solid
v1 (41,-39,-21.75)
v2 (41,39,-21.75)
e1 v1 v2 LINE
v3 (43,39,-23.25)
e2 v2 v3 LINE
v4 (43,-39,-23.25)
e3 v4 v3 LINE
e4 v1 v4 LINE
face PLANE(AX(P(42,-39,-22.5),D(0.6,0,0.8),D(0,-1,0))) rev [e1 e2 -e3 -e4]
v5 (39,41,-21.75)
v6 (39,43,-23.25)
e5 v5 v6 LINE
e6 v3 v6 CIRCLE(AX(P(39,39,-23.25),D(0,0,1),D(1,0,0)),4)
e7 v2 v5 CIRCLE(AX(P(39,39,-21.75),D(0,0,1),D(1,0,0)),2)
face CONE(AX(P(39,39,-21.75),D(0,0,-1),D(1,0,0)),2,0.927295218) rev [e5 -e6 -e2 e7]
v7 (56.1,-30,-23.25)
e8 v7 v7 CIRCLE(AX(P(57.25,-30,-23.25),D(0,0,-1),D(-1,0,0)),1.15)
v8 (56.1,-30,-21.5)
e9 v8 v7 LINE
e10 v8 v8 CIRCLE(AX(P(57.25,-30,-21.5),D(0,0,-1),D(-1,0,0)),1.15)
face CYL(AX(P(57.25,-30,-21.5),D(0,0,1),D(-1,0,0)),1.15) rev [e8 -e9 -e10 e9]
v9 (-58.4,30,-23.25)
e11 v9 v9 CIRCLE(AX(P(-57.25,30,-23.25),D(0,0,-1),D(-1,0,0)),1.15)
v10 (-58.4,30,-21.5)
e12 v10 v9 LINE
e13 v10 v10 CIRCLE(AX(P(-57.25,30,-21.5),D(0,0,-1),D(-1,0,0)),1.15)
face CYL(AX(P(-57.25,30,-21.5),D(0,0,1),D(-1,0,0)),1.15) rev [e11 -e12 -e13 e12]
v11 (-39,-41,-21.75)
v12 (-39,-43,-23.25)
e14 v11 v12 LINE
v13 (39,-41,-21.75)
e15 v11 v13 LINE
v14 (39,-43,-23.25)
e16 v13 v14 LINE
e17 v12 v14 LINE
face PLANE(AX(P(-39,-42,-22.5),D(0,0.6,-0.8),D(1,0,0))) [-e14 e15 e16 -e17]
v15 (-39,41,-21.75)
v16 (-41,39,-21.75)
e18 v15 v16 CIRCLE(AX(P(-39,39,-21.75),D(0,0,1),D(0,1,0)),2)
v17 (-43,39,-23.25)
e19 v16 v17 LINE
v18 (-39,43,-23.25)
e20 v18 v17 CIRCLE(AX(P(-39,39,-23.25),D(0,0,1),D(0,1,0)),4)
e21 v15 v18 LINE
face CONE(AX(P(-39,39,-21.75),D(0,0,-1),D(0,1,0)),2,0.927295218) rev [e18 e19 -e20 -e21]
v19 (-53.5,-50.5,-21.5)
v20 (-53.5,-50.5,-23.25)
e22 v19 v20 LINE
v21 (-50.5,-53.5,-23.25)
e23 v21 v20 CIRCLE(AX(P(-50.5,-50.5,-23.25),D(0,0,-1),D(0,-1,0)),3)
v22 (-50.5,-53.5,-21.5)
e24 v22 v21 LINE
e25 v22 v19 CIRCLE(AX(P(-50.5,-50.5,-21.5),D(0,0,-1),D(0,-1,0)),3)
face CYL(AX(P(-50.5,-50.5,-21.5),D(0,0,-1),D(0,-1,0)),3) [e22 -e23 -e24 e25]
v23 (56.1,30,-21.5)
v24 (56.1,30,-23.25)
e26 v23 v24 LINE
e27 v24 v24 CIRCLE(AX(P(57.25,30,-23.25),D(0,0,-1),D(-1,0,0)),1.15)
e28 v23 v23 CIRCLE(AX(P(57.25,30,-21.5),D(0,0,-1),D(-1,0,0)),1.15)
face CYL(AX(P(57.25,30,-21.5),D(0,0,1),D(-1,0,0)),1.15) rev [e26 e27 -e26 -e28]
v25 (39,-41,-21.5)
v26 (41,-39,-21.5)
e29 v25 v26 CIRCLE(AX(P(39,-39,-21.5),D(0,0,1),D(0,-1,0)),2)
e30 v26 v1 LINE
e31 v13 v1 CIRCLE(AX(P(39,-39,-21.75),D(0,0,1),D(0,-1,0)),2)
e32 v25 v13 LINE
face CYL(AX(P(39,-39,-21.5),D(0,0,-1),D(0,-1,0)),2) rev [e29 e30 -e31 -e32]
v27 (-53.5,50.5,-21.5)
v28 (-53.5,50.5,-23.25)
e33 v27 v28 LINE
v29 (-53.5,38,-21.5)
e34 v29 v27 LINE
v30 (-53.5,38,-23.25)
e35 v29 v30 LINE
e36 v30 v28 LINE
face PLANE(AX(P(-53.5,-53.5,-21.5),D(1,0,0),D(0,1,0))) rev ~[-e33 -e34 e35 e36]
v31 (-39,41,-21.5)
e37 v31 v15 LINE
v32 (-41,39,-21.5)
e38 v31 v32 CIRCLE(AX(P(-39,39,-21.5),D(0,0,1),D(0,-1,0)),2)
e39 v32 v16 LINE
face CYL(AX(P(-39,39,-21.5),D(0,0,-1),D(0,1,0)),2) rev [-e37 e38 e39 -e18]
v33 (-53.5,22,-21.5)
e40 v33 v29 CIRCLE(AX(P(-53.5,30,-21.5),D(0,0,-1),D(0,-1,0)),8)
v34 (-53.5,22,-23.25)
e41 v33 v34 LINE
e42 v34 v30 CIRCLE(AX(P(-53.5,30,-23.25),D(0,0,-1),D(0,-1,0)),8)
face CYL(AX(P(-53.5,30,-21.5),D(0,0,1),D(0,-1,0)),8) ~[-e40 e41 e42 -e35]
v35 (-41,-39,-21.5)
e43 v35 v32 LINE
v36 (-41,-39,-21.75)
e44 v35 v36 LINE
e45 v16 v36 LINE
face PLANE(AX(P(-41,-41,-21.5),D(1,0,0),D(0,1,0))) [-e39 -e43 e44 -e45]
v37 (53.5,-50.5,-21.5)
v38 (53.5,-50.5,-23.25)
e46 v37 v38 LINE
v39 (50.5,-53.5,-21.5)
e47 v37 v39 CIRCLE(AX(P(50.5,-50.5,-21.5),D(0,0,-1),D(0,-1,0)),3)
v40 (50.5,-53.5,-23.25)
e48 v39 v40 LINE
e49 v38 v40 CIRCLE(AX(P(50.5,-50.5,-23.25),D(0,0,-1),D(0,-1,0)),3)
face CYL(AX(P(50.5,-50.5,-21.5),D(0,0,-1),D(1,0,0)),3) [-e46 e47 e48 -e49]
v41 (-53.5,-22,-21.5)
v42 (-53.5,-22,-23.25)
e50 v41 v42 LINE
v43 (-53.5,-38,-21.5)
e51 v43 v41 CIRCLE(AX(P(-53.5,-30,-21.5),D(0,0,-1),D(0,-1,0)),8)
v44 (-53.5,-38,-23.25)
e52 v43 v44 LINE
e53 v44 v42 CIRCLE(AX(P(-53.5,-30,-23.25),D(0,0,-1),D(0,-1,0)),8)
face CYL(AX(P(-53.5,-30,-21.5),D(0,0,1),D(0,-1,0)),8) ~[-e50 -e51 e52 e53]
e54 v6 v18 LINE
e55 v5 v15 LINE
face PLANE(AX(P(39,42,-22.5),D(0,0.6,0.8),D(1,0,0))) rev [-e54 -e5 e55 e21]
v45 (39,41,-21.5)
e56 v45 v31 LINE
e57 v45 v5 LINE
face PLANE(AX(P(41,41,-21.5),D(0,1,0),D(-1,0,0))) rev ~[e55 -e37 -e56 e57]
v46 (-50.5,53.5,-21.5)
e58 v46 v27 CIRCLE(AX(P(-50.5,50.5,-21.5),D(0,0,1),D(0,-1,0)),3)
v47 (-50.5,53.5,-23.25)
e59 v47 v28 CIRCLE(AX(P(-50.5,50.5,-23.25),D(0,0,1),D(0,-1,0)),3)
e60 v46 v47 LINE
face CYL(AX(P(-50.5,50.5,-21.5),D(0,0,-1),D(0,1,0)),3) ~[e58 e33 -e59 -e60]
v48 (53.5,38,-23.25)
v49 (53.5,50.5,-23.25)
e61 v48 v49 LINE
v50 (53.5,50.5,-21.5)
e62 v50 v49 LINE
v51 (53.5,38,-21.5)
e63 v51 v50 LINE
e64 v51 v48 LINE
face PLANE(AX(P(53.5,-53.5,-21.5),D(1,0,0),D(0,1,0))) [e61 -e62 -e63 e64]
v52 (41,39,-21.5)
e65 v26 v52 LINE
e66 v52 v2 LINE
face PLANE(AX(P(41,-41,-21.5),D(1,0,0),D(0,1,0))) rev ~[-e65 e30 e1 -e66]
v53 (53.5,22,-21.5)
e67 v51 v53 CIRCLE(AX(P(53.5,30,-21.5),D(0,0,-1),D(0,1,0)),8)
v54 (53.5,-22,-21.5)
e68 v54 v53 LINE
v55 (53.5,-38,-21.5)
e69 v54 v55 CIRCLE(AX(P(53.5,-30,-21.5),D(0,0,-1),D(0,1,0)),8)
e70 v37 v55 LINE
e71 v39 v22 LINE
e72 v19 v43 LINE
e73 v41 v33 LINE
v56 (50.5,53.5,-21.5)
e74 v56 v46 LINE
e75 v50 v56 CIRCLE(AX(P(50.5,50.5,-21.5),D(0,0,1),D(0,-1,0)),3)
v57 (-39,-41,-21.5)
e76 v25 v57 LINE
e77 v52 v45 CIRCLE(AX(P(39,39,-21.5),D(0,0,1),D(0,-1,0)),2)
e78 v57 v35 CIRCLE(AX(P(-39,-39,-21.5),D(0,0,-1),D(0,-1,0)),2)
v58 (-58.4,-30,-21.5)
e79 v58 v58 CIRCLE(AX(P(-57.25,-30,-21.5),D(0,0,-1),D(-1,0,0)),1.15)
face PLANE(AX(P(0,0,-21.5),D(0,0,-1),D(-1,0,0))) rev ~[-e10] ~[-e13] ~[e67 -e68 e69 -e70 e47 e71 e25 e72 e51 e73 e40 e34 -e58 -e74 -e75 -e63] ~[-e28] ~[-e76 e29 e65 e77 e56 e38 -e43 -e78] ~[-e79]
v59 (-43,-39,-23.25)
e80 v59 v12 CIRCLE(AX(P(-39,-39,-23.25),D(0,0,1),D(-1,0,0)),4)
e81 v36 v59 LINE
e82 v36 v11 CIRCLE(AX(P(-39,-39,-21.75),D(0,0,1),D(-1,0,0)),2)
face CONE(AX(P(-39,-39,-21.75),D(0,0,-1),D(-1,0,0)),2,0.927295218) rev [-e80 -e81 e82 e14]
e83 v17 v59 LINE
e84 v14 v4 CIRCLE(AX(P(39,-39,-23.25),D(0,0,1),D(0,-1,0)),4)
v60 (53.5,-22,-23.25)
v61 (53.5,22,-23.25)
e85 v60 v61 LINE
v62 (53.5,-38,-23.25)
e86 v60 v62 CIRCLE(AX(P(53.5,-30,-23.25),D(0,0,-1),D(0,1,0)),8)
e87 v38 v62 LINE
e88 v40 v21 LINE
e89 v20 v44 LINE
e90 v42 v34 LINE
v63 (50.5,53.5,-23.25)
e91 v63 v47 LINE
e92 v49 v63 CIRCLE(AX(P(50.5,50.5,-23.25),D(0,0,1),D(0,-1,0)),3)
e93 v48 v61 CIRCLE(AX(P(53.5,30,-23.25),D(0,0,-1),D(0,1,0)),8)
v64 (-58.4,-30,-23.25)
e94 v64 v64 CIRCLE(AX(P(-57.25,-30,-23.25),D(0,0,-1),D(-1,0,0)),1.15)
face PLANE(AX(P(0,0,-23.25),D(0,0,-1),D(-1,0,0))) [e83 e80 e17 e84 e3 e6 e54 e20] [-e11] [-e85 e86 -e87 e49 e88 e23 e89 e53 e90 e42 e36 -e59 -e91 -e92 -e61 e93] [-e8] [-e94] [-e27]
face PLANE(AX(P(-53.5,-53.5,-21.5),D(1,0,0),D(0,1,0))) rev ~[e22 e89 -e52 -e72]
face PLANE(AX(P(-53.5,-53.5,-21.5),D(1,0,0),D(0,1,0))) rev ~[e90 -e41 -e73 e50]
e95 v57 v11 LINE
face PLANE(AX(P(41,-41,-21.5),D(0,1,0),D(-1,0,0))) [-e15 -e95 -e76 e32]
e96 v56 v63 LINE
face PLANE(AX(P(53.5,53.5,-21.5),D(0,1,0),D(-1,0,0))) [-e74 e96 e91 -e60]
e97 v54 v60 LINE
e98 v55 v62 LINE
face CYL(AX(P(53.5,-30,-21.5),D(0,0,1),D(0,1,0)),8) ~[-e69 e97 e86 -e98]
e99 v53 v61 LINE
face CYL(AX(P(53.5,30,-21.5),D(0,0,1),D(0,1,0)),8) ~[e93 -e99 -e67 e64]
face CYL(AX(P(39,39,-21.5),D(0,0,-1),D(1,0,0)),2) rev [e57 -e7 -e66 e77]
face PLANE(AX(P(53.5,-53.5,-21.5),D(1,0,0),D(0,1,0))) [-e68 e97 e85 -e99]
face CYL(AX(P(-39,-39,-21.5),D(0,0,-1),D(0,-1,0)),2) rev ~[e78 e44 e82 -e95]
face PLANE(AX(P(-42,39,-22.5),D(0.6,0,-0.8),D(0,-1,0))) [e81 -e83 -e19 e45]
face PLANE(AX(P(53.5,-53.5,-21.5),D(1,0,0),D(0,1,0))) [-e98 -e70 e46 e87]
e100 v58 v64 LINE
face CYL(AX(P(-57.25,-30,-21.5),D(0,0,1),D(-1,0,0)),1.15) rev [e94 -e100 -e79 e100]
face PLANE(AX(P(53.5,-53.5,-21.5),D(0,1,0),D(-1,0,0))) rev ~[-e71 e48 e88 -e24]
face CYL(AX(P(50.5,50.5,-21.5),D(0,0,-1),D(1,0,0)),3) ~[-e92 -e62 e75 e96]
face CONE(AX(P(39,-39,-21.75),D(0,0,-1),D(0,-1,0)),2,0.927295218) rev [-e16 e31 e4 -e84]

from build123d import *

# Parameters (mm, degrees)
SKETCH025_W             = 107
SKETCH025_H             = 107
SKETCH025_W_2           = 82
SKETCH025_H_2           = 82
PAD005_DEPTH            = 1.75
SKETCH026_R             = 1.15
PAD006_DEPTH            = 1.75
FILLET008_R             = 3
FILLET009_R             = 2
CHAMFER014_SIZE2        = 2
CHAMFER014_SIZE         = 1.5
BODY005_PLACEMENT_ANGLE = 180


with BuildPart() as part:
    # Sketch025 → Pad005 (new body)
    with BuildSketch(Plane.XY):
        Rectangle(SKETCH025_W, SKETCH025_H)
        Rectangle(SKETCH025_W_2, SKETCH025_H_2, mode=Mode.SUBTRACT)
    extrude(amount=PAD005_DEPTH)

    # Sketch026 → Pad006 (join)
    with BuildSketch(Plane.XY):
        with BuildLine():
            ThreePointArc((-53.5, 38), (-61.5, 30), (-53.5, 22))
            Line((-53.5, 38), (-53.5, 22))
        make_face()
        with Locations((-57.25, 30)):
            Circle(SKETCH026_R, mode=Mode.SUBTRACT)
        with BuildLine():
            ThreePointArc((-53.5, -22), (-61.5, -30), (-53.5, -38))
            Line((-53.5, -22), (-53.5, -38))
        make_face()
        with Locations((-57.25, -30)):
            Circle(SKETCH026_R, mode=Mode.SUBTRACT)
        with BuildLine():
            Line((53.5, 38), (53.5, 22))
            ThreePointArc((53.5, 22), (61.5, 30), (53.5, 38))
        make_face()
        with Locations((57.25, 30)):
            Circle(SKETCH026_R, mode=Mode.SUBTRACT)
        with BuildLine():
            ThreePointArc((53.5, -38), (61.5, -30), (53.5, -22))
            Line((53.5, -22), (53.5, -38))
        make_face()
        with Locations((57.25, -30)):
            Circle(SKETCH026_R, mode=Mode.SUBTRACT)
    extrude(amount=PAD006_DEPTH)

    # Fillet008
    fillet008_edges = [part.edges().sort_by_distance(p)[0] for p in [
        (-53.5, 53.5, 0.875),
        (53.5, 53.5, 0.875),
        (53.5, -53.5, 0.875),
        (-53.5, -53.5, 0.875),
    ]]
    fillet(fillet008_edges, radius=FILLET008_R)

    # Fillet009
    fillet009_edges = [part.edges().sort_by_distance(p)[0] for p in [
        (-41, 41, 0.875),
        (41, 41, 0.875),
        (41, -41, 0.875),
        (-41, -41, 0.875),
    ]]
    fillet(fillet009_edges, radius=FILLET009_R)

    # Chamfer014
    chamfer014_edges = [part.edges().sort_by_distance(p)[0] for p in [
        (-41, 0, 1.75),
    ]]
    chamfer014_side = part.faces().sort_by_distance((-41, 0, 0.875))[0]
    chamfer(chamfer014_edges, length=CHAMFER014_SIZE, length2=CHAMFER014_SIZE2, reference=chamfer014_side)


with BuildPart() as part_1:
    # Body004 placement: moved
    add(part.part.moved(Location((0, 0, 21.5))))


with BuildPart() as part_2:
    # Body005 placement: moved
    add(part_1.part.rotate(Axis((0, 0, 0), (0, 1, 0)), BODY005_PLACEMENT_ANGLE))


solid = part_2.part
